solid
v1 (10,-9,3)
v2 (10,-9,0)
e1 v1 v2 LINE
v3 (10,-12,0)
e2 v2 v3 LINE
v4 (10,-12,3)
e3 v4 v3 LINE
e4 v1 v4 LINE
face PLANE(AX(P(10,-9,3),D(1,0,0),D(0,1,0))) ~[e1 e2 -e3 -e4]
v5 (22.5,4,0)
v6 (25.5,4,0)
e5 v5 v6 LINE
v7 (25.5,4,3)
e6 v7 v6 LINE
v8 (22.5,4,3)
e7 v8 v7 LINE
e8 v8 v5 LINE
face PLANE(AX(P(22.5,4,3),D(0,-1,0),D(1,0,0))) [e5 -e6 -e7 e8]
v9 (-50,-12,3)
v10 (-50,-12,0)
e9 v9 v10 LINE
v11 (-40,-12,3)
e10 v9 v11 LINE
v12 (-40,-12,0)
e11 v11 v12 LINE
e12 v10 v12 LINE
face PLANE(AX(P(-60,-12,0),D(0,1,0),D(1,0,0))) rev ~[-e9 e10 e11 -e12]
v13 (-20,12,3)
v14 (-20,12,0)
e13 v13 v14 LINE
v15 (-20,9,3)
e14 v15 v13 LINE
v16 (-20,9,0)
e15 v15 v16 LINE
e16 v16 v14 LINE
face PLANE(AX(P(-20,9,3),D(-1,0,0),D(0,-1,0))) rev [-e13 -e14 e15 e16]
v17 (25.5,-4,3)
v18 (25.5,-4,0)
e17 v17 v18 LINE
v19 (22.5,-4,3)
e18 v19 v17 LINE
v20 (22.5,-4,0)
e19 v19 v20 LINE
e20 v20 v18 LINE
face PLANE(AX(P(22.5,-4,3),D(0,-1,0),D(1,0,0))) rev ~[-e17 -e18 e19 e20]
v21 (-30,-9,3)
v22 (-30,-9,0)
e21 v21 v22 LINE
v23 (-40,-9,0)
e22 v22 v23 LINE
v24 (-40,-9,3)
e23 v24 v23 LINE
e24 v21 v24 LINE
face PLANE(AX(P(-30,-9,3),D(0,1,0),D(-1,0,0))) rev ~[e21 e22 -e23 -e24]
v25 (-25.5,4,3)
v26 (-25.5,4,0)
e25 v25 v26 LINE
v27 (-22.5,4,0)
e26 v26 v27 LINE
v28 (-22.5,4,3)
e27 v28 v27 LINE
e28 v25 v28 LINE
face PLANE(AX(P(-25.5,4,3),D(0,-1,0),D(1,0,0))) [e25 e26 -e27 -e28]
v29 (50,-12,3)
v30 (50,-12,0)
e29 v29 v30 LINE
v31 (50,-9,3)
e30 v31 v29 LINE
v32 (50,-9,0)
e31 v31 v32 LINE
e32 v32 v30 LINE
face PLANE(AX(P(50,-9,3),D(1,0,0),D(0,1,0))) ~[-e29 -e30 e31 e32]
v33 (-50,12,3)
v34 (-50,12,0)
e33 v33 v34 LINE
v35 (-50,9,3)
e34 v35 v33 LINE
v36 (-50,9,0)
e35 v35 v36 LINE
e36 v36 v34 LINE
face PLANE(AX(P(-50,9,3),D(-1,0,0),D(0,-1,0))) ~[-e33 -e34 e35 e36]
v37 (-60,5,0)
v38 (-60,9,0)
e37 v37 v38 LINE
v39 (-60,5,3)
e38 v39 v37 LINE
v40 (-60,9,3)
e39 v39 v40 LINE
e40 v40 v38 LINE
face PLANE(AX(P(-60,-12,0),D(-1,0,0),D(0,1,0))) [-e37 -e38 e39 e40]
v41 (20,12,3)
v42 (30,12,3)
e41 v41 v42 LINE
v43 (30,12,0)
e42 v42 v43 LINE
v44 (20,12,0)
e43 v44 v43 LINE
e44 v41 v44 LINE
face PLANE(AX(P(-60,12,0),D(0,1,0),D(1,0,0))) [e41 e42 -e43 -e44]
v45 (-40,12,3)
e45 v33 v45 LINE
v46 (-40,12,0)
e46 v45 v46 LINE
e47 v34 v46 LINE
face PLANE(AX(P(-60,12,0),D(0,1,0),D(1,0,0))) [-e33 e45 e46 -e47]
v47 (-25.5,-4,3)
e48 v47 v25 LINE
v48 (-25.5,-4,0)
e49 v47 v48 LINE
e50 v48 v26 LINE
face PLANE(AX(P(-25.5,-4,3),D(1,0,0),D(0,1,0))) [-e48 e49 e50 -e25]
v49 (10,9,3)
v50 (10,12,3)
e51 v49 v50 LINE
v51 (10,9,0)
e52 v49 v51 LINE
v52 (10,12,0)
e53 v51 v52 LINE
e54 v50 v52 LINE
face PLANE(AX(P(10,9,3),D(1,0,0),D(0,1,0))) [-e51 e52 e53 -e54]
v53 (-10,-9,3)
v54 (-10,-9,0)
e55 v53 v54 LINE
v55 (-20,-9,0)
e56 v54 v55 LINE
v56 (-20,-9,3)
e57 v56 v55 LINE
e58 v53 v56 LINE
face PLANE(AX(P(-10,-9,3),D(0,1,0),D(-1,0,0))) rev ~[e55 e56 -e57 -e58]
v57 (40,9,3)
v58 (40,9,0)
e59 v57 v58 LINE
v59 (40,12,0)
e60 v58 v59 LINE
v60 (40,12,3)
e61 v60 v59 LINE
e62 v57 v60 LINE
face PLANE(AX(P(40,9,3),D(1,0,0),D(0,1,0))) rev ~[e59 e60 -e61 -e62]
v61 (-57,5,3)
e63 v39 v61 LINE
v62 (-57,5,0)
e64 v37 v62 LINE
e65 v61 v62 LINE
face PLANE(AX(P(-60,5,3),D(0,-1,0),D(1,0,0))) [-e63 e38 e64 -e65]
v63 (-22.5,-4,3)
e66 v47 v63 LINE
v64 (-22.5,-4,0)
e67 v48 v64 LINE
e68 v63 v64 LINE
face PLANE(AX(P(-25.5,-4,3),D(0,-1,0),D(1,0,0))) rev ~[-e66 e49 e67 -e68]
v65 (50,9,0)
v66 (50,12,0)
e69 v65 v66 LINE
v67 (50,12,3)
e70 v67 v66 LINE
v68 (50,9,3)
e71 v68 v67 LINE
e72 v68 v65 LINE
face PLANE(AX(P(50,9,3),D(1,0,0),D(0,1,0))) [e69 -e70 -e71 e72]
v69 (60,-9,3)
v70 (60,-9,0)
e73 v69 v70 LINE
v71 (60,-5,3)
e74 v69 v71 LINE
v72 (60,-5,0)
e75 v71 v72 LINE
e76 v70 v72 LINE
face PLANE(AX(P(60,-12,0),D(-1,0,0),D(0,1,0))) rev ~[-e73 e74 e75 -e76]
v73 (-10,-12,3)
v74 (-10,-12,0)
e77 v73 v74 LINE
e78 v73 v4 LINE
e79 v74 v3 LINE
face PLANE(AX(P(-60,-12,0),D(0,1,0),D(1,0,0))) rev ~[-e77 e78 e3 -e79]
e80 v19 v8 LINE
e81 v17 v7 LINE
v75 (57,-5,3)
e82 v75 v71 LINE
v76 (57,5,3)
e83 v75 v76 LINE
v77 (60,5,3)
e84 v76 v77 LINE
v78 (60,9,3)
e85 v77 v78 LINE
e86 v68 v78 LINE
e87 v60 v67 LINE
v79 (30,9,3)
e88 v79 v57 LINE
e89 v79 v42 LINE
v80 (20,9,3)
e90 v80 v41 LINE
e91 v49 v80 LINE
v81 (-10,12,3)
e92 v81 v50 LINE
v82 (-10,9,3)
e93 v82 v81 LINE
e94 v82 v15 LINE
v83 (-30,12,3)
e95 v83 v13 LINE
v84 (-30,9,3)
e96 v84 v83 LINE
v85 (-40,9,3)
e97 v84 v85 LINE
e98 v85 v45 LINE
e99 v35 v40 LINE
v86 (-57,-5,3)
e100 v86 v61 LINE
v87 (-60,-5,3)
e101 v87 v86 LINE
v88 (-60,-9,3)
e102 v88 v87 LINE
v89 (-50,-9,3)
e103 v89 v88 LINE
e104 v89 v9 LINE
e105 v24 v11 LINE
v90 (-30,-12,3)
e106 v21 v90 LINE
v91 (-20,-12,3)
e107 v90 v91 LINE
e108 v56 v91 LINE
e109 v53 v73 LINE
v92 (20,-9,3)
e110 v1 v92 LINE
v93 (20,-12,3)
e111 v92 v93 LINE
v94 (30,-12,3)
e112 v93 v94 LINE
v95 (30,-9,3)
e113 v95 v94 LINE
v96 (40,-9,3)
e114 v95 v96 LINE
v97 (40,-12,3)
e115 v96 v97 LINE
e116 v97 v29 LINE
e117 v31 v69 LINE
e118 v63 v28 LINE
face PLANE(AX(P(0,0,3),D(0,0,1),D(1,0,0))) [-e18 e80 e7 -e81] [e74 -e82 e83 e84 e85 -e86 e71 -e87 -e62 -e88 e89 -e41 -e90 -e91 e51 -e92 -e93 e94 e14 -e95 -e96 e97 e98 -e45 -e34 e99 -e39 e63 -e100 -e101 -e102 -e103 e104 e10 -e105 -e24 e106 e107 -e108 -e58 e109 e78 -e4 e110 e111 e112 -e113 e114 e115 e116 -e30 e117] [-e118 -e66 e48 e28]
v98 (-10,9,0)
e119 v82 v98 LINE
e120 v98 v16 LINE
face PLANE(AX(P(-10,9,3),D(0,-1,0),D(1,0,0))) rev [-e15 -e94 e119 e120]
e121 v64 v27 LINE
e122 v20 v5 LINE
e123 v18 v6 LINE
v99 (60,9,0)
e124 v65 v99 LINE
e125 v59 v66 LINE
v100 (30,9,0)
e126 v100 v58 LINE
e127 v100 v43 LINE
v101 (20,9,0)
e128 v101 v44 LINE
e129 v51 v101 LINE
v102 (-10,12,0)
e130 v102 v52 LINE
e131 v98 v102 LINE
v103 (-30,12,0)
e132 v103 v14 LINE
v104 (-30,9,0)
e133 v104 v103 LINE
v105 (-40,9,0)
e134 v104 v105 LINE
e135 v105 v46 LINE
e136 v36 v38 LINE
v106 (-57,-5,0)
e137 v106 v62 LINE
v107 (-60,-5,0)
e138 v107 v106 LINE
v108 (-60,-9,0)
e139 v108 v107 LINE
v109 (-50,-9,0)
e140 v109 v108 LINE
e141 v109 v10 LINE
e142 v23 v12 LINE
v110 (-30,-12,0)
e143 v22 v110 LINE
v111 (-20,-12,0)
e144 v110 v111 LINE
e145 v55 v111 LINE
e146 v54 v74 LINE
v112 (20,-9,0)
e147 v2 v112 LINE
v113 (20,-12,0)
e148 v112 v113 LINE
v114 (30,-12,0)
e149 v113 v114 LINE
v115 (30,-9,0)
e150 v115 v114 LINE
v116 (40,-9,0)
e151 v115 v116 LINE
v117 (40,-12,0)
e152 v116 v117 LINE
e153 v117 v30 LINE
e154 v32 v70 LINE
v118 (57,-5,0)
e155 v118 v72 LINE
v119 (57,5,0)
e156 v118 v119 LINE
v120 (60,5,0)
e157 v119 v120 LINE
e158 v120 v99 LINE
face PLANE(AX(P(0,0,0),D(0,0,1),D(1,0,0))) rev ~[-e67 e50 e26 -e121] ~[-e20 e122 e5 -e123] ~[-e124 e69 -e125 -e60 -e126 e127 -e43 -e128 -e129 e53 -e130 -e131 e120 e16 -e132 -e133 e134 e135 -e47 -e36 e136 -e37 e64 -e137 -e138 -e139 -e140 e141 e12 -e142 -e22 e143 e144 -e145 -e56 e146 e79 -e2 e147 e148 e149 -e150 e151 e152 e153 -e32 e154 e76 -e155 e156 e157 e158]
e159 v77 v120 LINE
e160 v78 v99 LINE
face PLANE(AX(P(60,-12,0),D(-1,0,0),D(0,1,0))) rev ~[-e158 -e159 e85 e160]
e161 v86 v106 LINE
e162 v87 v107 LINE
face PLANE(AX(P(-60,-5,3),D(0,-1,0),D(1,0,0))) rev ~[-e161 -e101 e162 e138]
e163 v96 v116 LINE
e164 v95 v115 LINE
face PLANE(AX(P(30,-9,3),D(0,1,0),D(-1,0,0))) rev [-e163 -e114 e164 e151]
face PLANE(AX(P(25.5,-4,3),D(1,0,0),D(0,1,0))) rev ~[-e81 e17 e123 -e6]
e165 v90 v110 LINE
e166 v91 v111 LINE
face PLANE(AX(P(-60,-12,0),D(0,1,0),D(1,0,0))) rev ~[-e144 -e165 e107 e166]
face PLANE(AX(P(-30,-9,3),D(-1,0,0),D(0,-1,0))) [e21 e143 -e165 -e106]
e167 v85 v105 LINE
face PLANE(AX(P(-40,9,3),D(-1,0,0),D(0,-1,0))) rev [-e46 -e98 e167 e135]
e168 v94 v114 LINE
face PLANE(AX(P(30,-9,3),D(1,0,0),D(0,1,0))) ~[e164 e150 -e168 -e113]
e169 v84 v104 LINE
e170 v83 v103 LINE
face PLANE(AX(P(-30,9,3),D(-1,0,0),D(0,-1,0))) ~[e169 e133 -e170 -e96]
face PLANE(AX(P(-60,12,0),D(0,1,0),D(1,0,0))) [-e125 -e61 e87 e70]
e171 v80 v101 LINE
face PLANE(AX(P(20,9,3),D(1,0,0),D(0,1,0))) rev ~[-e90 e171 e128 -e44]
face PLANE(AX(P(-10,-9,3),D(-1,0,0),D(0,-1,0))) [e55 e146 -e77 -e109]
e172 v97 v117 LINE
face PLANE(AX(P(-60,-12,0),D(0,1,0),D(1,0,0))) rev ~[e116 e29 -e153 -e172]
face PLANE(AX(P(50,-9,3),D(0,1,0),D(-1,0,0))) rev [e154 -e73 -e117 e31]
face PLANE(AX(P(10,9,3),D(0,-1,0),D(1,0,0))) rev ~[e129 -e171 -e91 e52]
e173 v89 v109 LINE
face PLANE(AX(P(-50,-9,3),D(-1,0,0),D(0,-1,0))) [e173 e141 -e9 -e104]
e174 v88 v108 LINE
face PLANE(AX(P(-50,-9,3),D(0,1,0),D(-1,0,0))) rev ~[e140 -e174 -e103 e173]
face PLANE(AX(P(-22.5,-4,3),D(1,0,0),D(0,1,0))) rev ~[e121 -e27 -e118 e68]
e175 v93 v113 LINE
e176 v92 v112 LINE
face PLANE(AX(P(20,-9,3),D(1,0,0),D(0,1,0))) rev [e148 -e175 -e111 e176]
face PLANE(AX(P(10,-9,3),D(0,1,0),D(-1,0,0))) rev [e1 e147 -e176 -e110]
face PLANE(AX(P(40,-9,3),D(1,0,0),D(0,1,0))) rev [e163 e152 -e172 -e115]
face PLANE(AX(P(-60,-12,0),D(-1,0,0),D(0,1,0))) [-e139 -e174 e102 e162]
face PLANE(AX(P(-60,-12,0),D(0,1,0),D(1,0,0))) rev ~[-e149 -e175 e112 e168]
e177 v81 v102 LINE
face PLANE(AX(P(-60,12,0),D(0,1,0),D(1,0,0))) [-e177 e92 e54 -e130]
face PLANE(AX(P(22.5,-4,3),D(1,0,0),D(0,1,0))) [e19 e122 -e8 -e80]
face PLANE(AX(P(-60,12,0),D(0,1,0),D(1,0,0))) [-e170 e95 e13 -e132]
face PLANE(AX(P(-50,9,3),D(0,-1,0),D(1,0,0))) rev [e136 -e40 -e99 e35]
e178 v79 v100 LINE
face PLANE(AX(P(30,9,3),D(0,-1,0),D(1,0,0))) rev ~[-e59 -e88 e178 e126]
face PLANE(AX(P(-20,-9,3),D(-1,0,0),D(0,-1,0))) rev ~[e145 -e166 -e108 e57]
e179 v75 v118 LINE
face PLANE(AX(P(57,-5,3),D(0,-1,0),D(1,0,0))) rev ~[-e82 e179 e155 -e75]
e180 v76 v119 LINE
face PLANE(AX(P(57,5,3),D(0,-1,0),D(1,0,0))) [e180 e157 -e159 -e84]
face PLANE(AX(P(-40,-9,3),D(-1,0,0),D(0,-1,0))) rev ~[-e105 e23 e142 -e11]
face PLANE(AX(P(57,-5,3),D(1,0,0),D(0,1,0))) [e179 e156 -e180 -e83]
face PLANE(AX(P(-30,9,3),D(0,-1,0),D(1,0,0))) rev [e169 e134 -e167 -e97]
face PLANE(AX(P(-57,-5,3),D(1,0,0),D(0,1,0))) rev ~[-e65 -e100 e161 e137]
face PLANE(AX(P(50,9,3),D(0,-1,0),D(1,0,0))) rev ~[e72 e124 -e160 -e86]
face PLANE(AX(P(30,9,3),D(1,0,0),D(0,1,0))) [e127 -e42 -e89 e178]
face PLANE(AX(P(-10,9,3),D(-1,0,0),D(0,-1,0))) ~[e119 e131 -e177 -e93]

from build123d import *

# Parameters (mm, degrees)
SKETCH1_W               = 120
SKETCH1_H               = 24
BOSS_EXTRUDE1_DEPTH     = 3
SKETCH2_W               = 10
SKETCH2_H               = 3
CUT_EXTRUDE1_DEPTH      = 4
MIRROR3_COPY_1_SKETCH_W = 10
MIRROR3_COPY_1_SKETCH_H = 3
MIRROR3_COPY_1_DEPTH    = 4
SKETCH3_W               = 3
SKETCH3_H               = 8
SKETCH3_H_2             = 10
CUT_EXTRUDE2_DEPTH      = 4


with BuildPart() as part:
    # Sketch1 → Boss-Extrude1 (new body)
    with BuildSketch(Plane.XY):
        Rectangle(SKETCH1_W, SKETCH1_H)
    extrude(amount=BOSS_EXTRUDE1_DEPTH)

    # Sketch2 → Cut-Extrude1 (cut, through all)
    with BuildSketch(Plane.XY.offset(3)):
        with Locations((15, 10.5)):
            Rectangle(SKETCH2_W, SKETCH2_H)
        with Locations((35, 10.5)):
            Rectangle(SKETCH2_W, SKETCH2_H)
        with Locations((55, 10.5)):
            Rectangle(SKETCH2_W, SKETCH2_H)
    cut_extrude1 = extrude(amount=-CUT_EXTRUDE1_DEPTH, mode=Mode.SUBTRACT)

    # Mirror2: Cut-Extrude1 across plane
    add(cut_extrude1.mirror(Plane(origin=(0, 0, 0), x_dir=(0, 0, 1), z_dir=(1, 0, 0))), mode=Mode.SUBTRACT)

    # Mirror3: Cut-Extrude1 across plane
    add(cut_extrude1.mirror(Plane.ZX), mode=Mode.SUBTRACT)

    # Mirror3 copy 1 sketch → Mirror3 copy 1 (cut, through all)
    with BuildSketch(Plane(origin=(0, 0, 3), x_dir=(-1, 0, 0), z_dir=(0, 0, 1))):
        with Locations((15, 10.5)):
            Rectangle(MIRROR3_COPY_1_SKETCH_W, MIRROR3_COPY_1_SKETCH_H)
        with Locations((35, 10.5)):
            Rectangle(MIRROR3_COPY_1_SKETCH_W, MIRROR3_COPY_1_SKETCH_H)
        with Locations((55, 10.5)):
            Rectangle(MIRROR3_COPY_1_SKETCH_W, MIRROR3_COPY_1_SKETCH_H)
    extrude(amount=-MIRROR3_COPY_1_DEPTH, mode=Mode.SUBTRACT)

    # Sketch3 → Cut-Extrude2 (cut, through all)
    with BuildSketch(Plane.XY.offset(3)):
        with Locations((24, 0)):
            Rectangle(SKETCH3_W, SKETCH3_H)
        with Locations((-24, 0)):
            Rectangle(SKETCH3_W, SKETCH3_H)
        with Locations((58.5, 0)):
            Rectangle(SKETCH3_W, SKETCH3_H_2)
        with Locations((-58.5, 0)):
            Rectangle(SKETCH3_W, SKETCH3_H_2)
    extrude(amount=-CUT_EXTRUDE2_DEPTH, mode=Mode.SUBTRACT)


solid = part.part
